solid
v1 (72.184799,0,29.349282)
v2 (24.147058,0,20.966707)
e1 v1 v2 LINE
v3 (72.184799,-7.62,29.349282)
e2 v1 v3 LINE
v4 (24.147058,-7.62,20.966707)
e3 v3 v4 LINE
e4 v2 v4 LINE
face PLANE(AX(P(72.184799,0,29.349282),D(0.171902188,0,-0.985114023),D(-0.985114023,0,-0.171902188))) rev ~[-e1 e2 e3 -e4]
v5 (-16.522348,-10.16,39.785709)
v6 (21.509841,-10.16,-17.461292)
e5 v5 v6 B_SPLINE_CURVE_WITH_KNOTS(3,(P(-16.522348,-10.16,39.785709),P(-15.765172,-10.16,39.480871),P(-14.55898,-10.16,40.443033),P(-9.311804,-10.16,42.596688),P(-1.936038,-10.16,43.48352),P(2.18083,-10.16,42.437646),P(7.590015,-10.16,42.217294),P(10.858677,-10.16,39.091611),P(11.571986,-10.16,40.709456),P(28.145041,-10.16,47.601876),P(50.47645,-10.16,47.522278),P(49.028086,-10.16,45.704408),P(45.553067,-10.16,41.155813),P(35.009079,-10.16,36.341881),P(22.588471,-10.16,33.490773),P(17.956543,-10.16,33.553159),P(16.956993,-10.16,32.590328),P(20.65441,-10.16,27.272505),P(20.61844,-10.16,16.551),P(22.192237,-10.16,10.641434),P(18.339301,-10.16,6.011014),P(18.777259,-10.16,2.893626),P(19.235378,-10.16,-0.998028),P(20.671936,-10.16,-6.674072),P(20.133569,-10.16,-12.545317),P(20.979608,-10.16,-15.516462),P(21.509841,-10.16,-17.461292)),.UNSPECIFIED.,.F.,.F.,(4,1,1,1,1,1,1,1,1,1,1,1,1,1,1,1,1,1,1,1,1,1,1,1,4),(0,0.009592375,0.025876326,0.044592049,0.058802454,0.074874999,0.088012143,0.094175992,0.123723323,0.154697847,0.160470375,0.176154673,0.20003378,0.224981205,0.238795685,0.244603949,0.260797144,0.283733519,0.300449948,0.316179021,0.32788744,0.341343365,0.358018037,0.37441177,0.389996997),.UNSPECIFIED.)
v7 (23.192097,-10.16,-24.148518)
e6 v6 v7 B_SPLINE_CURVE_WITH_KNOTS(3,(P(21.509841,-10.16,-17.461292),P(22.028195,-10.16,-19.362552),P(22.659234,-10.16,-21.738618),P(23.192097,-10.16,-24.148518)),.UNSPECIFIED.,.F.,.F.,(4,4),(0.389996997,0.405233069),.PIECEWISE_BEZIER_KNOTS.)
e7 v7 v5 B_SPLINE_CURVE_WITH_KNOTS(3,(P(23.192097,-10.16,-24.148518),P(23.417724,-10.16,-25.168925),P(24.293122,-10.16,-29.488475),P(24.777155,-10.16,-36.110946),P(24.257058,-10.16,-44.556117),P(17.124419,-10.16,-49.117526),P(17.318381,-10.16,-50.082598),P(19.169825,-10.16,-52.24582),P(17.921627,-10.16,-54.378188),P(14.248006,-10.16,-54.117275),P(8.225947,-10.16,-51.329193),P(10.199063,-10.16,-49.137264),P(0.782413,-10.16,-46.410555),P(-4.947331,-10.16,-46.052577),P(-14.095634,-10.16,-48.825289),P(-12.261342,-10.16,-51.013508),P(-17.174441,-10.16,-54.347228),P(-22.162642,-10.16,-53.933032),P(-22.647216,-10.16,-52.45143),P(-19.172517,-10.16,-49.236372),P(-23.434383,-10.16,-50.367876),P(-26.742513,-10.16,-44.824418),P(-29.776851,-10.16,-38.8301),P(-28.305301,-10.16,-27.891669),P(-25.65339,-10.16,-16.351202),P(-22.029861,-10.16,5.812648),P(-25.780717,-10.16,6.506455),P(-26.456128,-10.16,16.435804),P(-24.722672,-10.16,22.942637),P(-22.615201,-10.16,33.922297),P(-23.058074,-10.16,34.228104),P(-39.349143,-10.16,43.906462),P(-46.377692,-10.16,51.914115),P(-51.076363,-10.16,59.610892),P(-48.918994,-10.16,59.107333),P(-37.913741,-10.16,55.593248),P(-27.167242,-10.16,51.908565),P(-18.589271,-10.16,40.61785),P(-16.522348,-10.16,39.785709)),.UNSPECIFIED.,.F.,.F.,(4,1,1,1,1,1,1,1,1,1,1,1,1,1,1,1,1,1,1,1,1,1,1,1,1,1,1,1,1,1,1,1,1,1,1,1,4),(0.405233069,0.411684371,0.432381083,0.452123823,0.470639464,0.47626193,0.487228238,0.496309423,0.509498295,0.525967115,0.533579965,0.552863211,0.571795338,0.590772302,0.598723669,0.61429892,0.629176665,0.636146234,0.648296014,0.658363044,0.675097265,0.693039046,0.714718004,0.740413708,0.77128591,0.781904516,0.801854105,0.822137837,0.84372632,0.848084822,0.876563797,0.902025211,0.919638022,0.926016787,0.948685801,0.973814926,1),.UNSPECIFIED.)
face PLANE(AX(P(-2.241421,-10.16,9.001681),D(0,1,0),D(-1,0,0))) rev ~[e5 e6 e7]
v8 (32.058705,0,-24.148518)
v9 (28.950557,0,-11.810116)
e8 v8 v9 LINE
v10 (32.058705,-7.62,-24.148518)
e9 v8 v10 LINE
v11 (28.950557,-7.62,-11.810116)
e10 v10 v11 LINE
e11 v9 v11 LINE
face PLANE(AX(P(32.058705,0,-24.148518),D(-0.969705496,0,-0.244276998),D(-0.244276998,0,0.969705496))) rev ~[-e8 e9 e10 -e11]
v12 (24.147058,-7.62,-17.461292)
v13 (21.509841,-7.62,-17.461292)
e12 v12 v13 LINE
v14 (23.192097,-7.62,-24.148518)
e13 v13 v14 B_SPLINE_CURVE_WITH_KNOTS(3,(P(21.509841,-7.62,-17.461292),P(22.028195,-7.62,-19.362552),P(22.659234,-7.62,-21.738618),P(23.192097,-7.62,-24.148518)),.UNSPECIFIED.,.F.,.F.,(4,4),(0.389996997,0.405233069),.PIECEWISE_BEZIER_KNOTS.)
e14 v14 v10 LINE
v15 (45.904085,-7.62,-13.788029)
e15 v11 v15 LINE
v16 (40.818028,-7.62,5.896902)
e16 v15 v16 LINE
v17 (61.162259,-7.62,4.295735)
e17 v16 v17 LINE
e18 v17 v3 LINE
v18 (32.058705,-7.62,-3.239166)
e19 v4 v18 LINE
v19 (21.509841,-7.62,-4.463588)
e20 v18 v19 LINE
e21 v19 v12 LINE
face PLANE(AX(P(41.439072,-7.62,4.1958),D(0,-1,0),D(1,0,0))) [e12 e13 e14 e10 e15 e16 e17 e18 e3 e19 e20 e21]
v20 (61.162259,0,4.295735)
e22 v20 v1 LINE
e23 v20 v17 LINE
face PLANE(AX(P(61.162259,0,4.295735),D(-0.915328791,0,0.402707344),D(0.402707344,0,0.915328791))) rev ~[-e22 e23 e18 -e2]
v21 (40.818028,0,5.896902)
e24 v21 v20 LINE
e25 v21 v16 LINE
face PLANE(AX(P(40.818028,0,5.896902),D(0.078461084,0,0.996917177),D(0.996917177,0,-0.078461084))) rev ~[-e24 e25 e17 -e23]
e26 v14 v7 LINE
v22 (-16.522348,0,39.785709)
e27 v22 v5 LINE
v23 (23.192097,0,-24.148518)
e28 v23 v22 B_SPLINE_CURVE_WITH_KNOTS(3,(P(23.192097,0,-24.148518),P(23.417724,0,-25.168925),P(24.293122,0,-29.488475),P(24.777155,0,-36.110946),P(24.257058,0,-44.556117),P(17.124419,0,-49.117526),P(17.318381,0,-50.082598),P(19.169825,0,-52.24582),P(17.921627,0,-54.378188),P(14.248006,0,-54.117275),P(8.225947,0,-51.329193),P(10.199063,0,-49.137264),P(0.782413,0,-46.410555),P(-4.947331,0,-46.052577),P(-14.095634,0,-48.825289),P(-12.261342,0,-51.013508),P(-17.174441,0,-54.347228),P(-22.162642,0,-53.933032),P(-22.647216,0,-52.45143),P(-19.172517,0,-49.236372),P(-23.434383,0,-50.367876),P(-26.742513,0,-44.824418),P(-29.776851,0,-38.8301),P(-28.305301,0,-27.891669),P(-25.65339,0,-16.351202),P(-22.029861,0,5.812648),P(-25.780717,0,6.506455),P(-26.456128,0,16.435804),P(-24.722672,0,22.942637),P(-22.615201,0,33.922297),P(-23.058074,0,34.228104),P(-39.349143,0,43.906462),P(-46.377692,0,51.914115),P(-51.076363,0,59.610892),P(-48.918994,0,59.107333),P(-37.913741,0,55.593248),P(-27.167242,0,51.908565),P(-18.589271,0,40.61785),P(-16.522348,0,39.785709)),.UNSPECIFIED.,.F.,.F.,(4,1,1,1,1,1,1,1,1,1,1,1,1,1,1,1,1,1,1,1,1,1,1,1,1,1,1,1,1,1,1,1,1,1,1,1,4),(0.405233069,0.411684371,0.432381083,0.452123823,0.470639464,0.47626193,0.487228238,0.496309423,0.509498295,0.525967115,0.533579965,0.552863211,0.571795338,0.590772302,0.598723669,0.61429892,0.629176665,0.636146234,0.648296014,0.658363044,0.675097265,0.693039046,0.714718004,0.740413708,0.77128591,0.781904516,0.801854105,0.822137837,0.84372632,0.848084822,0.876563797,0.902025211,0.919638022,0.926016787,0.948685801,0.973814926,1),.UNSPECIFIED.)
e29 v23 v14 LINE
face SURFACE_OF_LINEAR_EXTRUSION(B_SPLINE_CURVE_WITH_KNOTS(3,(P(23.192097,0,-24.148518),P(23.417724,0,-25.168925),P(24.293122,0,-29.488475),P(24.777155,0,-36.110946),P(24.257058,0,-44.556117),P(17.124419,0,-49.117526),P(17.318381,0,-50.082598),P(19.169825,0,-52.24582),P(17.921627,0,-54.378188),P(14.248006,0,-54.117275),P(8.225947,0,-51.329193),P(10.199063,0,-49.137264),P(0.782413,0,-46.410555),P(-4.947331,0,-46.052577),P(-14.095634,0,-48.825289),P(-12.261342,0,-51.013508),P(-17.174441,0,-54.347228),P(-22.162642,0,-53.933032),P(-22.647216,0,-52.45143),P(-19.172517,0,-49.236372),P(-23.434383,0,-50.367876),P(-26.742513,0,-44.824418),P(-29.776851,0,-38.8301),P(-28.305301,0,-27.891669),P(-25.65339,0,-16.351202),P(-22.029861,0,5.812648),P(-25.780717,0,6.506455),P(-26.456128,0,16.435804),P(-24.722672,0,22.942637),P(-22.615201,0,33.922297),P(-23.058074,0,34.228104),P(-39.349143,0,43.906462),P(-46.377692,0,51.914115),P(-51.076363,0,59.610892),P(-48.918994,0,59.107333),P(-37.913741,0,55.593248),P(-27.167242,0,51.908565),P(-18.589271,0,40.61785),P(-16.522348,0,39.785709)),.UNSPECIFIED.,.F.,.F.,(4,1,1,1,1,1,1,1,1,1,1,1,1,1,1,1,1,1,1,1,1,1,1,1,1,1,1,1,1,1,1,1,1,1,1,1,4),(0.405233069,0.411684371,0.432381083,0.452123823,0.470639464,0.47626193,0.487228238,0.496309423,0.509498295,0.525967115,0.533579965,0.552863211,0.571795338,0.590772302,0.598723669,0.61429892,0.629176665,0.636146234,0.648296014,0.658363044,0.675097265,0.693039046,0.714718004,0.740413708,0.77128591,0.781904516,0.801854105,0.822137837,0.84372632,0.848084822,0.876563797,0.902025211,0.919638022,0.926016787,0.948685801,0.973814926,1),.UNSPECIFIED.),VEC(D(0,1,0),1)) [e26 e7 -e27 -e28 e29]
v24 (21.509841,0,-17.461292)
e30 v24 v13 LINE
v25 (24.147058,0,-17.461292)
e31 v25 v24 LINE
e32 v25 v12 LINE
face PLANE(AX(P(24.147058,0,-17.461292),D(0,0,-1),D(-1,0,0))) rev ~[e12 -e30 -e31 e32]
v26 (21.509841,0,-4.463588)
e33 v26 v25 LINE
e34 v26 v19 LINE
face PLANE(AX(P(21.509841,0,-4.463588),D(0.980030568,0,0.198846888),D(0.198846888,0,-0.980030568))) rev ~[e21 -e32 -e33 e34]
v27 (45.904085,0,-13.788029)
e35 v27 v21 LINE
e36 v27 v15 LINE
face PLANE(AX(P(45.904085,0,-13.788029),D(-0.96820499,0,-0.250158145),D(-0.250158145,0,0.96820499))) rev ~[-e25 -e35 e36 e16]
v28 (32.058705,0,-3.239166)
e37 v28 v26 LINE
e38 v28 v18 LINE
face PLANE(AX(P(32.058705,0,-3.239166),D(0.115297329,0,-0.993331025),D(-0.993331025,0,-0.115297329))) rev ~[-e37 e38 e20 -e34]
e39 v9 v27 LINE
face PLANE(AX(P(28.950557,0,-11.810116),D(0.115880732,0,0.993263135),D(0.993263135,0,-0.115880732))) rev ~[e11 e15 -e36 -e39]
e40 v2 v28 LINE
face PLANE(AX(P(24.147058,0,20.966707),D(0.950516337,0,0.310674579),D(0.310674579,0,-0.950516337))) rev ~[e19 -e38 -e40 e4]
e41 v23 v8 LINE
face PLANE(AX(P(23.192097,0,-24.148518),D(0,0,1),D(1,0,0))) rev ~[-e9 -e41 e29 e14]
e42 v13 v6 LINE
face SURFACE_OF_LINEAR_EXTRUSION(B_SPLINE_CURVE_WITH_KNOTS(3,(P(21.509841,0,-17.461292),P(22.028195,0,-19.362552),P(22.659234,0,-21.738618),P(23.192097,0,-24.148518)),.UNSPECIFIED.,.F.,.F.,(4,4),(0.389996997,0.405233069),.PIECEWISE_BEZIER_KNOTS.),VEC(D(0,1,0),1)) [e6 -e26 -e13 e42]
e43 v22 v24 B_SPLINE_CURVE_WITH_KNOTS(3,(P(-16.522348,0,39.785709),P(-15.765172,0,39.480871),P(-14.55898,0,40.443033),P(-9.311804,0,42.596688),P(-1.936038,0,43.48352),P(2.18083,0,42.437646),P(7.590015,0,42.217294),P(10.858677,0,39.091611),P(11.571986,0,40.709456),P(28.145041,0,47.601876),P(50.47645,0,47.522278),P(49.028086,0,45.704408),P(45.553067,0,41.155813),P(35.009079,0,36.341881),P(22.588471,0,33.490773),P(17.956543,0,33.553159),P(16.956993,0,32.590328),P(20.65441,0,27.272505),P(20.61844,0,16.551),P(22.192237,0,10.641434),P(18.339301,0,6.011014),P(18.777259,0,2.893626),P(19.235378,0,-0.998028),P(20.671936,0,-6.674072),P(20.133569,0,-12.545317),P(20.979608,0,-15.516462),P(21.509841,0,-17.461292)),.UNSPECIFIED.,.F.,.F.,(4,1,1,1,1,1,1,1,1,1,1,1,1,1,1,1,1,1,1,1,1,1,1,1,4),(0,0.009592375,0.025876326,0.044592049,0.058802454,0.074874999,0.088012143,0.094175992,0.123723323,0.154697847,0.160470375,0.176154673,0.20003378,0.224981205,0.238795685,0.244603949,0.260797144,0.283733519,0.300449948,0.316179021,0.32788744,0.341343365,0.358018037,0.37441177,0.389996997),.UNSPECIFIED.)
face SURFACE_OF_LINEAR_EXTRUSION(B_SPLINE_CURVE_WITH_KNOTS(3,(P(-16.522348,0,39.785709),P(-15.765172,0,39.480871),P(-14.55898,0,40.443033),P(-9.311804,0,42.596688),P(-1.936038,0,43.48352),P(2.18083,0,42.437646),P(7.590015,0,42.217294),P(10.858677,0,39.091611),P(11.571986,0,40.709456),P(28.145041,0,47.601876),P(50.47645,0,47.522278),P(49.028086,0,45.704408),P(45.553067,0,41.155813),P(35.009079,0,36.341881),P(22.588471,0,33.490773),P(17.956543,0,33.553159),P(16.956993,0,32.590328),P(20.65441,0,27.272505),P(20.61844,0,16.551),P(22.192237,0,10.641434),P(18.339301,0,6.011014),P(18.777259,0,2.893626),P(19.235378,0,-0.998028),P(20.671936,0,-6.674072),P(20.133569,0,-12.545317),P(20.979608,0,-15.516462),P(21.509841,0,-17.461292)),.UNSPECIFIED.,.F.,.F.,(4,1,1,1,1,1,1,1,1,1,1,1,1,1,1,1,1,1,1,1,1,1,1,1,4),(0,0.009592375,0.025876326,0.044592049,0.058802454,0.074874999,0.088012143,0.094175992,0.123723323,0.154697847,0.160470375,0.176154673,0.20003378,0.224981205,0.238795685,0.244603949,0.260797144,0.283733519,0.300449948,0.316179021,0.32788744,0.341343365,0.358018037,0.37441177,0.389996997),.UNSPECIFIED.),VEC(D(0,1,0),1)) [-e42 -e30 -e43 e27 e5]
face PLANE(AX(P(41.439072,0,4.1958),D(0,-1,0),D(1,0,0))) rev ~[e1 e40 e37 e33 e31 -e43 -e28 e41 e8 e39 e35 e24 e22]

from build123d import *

# Parameters (mm, degrees)
F1_DEPTH = 10.16
F2_DEPTH = 7.62


with BuildPart() as f1:
    # F0 (on Front) → F1 (new body)
    with BuildSketch(Plane.XZ):
        with BuildLine():
            add(Edge.make_bspline(
                [(-16.5223479271, 39.7857092321), (-15.7651721627, 39.480871296), (-14.5589803795, 40.4430325742), (-9.3118043925, 42.5966883327), (-1.9360381488, 43.48351969), (2.1808302369, 42.4376464102), (7.5900150213, 42.2172938458), (10.8586766262, 39.0916114585), (11.5719861441, 40.7094561305), (28.1450408594, 47.6018758136), (50.476450283, 47.5222780112), (49.0280855, 45.7044078845), (45.5530673492, 41.1558125114), (35.0090790983, 36.3418812697), (22.5884714287, 33.4907726338), (17.9565430261, 33.5531588161), (16.9569925385, 32.5903283126), (20.6544103684, 27.2725050684), (20.6184396313, 16.5510003713), (22.1922374361, 10.6414338932), (18.3393006593, 6.0110138755), (18.7772594702, 2.8936256269), (19.235378097, -0.998027871), (20.6719359562, -6.6740722175), (20.1335687458, -12.5453173828), (20.9796080989, -15.5164624949), (21.5098410845, -17.4612924457)],
                knots=[0, 0, 0, 0, 0.0095923747, 0.025876326, 0.0445920486, 0.0588024542, 0.0748749995, 0.088012143, 0.094175992, 0.1237233234, 0.154697847, 0.1604703751, 0.1761546731, 0.2000337802, 0.2249812045, 0.2387956846, 0.244603949, 0.2607971442, 0.2837335195, 0.300449948, 0.3161790213, 0.3278874403, 0.3413433645, 0.3580180371, 0.3744117702, 0.3899969974, 0.3899969974, 0.3899969974, 0.3899969974], degree=3))
            add(Edge.make_bspline(
                [(23.1920970436, -24.1485182196), (23.4177235249, -25.1689254289), (24.2931224442, -29.4884745723), (24.7771551524, -36.1109456346), (24.2570580061, -44.5561165638), (17.1244194481, -49.1175262925), (17.318381094, -50.0825984079), (19.1698252974, -52.2458201887), (17.9216267498, -54.3781878606), (14.2480056514, -54.1172745311), (8.2259469154, -51.3291927739), (10.1990631545, -49.1372644352), (0.7824132385, -46.4105547936), (-4.9473307407, -46.0525771622), (-14.0956335522, -48.8252891859), (-12.2613416303, -51.0135083962), (-17.174441272, -54.3472281437), (-22.1626417297, -53.9330321343), (-22.647215964, -52.451429833), (-19.1725165317, -49.2363721505), (-23.4343828555, -50.3678756954), (-26.7425132222, -44.824417668), (-29.7768508084, -38.8301004191), (-28.3053011663, -27.8916694259), (-25.6533899236, -16.3512017727), (-22.0298607549, 5.8126477898), (-25.7807166889, 6.5064548538), (-26.4561283029, 16.4358035221), (-24.7226723987, 22.9426370936), (-22.6152010487, 33.9222971786), (-23.0580742139, 34.2281040036), (-39.3491433354, 43.9064616044), (-46.3776917602, 51.9141154187), (-51.0763627354, 59.6108920896), (-48.9189941335, 59.1073331356), (-37.9137412309, 55.5932484838), (-27.1672422322, 51.9085651422), (-18.5892712756, 40.6178497697), (-16.5223479271, 39.7857092321)],
                knots=[0.4052330687, 0.4052330687, 0.4052330687, 0.4052330687, 0.4116843708, 0.4323810834, 0.4521238233, 0.4706394641, 0.4762619297, 0.4872282383, 0.4963094234, 0.509498295, 0.5259671148, 0.5335799653, 0.5528632115, 0.5717953375, 0.5907723015, 0.5987236685, 0.6142989201, 0.6291766646, 0.6361462339, 0.6482960141, 0.6583630441, 0.6750972651, 0.6930390463, 0.7147180044, 0.7404137076, 0.7712859105, 0.7819045161, 0.8018541048, 0.8221378368, 0.8437263205, 0.848084822, 0.8765637967, 0.9020252109, 0.9196380224, 0.9260167874, 0.9486858006, 0.9738149262, 1, 1, 1, 1], degree=3))
            add(Edge.make_bspline(
                [(21.5098410845, -17.4612924457), (22.0281952614, -19.3625523743), (22.6592338932, -21.7386175853), (23.1920970436, -24.1485182196)],
                knots=[0.3899969974, 0.3899969974, 0.3899969974, 0.3899969974, 0.4052330687, 0.4052330687, 0.4052330687, 0.4052330687], degree=3))
        make_face()
    extrude(amount=F1_DEPTH)

    # F0 (on Front) → F2 (join)
    with BuildSketch(Plane.XZ):
        with BuildLine():
            Line((24.1470579058, -17.4612924457), (21.5098410845, -17.4612924457))
            add(Edge.make_bspline(
                [(21.5098410845, -17.4612924457), (22.0281952614, -19.3625523743), (22.6592338932, -21.7386175853), (23.1920970436, -24.1485182196)],
                knots=[0.3899969974, 0.3899969974, 0.3899969974, 0.3899969974, 0.4052330687, 0.4052330687, 0.4052330687, 0.4052330687], degree=3))
            Line((23.1920970436, -24.1485182196), (32.0587046444, -24.1485182196))
            Line((32.0587046444, -24.1485182196), (28.9505571127, -11.8101164699))
            Line((28.9505571127, -11.8101164699), (45.9040850401, -13.7880286202))
            Line((45.9040850401, -13.7880286202), (40.818028152, 5.8969017118))
            Line((40.818028152, 5.8969017118), (61.1622594297, 4.2957351543))
            Line((61.1622594297, 4.2957351543), (72.1847986147, 29.3492823839))
            Line((72.1847986147, 29.3492823839), (24.1470579058, 20.9667067975))
            Line((24.1470579058, 20.9667067975), (32.0587046444, -3.2391664572))
            Line((32.0587046444, -3.2391664572), (21.5098410845, -4.4635878876))
            Line((21.5098410845, -4.4635878876), (24.1470579058, -17.4612924457))
        make_face()
    extrude(amount=F2_DEPTH)


solid = f1.part
